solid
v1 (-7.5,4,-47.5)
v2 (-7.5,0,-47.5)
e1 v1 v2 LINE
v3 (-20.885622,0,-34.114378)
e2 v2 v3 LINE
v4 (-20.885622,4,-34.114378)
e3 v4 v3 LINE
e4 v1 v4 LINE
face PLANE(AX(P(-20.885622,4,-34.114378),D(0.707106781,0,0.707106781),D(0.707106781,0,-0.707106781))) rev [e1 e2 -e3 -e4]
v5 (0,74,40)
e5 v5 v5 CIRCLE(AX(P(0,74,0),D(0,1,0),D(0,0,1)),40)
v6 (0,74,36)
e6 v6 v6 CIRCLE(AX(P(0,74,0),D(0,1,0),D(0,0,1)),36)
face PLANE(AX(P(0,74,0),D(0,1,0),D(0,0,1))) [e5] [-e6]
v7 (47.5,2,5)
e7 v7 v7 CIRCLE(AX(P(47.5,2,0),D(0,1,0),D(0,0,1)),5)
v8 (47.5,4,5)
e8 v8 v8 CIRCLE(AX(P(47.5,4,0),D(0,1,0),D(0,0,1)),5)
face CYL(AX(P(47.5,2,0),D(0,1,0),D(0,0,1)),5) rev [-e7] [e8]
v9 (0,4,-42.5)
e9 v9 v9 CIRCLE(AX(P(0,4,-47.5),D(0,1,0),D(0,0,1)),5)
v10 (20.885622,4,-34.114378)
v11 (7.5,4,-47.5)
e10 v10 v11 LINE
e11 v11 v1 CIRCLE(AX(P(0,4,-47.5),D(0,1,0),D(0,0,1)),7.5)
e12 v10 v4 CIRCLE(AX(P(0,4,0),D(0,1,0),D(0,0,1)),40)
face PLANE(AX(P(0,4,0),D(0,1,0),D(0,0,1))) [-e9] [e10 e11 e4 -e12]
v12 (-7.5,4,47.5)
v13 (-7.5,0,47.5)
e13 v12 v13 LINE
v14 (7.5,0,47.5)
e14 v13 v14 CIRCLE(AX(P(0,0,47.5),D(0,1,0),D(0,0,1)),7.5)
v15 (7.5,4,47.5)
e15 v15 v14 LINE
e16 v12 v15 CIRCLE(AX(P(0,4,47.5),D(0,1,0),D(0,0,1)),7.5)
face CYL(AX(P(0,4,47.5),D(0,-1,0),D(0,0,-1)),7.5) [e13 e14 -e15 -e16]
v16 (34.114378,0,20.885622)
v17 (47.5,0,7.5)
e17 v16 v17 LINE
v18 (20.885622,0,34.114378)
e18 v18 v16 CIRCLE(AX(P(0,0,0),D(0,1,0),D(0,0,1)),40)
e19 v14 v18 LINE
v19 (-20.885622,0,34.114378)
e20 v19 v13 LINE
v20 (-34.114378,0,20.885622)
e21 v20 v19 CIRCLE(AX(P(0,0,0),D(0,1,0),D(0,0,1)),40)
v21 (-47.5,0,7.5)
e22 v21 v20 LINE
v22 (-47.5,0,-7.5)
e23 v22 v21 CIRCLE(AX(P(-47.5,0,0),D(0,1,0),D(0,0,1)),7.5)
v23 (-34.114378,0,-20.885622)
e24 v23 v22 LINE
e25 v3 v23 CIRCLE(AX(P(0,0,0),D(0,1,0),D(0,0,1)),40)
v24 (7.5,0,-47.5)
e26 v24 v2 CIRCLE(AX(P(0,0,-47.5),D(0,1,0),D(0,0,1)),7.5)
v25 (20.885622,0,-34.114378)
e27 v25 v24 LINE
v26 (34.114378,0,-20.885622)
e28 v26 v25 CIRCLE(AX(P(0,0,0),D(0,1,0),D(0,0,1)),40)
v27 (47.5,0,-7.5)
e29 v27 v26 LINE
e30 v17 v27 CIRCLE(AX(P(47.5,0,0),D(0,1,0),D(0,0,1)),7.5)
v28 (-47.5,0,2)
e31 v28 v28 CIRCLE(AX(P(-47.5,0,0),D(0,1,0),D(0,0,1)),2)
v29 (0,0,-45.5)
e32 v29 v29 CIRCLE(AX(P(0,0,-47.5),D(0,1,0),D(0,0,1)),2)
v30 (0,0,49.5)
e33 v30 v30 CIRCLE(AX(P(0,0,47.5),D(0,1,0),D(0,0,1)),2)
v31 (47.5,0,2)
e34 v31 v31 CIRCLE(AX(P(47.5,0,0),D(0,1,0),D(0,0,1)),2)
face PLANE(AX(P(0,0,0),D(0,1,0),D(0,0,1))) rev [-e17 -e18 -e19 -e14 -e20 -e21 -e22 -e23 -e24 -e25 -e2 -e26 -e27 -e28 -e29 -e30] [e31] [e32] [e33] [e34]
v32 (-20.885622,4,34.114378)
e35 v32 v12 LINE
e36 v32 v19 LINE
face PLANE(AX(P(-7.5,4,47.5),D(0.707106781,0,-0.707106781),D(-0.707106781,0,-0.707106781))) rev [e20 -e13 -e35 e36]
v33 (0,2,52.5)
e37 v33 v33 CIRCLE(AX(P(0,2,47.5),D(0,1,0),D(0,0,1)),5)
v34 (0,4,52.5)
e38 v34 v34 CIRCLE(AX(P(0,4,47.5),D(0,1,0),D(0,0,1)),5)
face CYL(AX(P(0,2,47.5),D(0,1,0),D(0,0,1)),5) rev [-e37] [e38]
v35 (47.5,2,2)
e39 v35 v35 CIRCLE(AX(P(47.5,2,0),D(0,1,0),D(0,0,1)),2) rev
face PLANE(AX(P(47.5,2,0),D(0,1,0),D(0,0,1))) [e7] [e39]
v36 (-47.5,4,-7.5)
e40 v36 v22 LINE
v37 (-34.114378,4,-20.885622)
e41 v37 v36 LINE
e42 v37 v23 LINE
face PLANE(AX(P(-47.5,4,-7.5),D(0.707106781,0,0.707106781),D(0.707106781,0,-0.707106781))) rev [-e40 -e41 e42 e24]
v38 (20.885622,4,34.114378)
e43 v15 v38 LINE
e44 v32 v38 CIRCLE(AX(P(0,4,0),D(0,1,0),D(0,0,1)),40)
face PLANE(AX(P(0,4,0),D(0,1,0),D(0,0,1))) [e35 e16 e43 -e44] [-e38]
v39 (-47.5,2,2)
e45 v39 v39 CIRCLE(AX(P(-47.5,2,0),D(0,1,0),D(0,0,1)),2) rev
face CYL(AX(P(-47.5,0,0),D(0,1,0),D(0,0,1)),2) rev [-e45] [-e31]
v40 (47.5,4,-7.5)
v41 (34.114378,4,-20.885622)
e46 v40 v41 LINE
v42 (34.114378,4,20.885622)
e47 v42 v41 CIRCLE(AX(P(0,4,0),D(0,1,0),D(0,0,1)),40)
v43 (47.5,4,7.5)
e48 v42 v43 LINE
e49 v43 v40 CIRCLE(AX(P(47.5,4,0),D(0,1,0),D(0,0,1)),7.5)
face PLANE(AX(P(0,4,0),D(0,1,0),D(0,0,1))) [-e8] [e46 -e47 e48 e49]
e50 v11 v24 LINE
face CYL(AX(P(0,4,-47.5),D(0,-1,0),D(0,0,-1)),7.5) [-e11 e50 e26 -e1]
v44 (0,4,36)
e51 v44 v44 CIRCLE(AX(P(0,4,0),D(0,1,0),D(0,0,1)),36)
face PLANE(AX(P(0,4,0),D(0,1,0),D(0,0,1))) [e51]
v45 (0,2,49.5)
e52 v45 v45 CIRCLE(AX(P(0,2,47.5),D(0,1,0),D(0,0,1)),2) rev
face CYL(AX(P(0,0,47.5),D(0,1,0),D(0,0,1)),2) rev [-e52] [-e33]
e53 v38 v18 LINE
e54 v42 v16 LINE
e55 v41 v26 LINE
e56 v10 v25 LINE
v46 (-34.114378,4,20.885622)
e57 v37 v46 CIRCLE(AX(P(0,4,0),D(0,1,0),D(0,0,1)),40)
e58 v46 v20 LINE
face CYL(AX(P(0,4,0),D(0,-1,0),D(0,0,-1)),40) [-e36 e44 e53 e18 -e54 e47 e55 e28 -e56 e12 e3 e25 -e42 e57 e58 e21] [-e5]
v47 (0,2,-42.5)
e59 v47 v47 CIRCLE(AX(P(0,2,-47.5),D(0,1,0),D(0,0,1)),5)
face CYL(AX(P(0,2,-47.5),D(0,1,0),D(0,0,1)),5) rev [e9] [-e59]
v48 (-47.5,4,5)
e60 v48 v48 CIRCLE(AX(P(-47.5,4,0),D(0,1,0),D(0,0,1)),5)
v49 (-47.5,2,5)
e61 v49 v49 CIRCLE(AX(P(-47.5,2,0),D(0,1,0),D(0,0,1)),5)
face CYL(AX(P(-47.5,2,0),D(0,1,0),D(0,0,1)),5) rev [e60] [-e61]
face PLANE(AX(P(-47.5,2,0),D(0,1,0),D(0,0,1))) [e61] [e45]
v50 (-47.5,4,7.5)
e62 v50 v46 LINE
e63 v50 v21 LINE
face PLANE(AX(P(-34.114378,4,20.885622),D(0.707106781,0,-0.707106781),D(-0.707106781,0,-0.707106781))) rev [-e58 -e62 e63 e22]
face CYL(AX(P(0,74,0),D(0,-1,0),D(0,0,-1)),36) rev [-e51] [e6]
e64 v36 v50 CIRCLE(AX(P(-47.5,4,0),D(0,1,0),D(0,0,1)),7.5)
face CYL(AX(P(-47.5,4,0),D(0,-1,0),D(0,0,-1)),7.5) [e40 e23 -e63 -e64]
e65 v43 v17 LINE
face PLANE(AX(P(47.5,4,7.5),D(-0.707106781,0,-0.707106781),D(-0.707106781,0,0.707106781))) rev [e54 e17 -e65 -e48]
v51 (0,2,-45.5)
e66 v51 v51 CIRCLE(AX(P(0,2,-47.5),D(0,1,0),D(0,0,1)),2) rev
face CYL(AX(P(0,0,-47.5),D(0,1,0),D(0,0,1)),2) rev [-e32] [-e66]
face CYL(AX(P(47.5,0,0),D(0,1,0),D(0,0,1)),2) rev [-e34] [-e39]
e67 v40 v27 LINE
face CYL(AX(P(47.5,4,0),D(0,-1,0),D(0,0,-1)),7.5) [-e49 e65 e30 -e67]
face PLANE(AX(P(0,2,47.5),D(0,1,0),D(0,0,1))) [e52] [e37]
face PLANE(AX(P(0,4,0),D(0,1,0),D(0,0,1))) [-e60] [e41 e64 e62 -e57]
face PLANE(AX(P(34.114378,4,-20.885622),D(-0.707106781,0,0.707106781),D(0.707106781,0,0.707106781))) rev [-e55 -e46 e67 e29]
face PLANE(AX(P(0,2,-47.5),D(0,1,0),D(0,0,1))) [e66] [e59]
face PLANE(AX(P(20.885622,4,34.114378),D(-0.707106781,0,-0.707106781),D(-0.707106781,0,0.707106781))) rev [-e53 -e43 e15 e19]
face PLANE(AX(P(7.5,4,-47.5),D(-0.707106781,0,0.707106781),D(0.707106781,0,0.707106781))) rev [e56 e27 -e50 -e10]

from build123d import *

# Parameters (mm, degrees)
BOSS_EXTRUDE1_DEPTH = 4
SKETCH2_R           = 2
CUT_EXTRUDE1_DEPTH  = 4
SKETCH3_R           = 5
CUT_EXTRUDE2_DEPTH  = 2
SKETCH4_R           = 40
SKETCH4_R_2         = 36
BOSS_EXTRUDE2_DEPTH = 70


with BuildPart() as part:
    # Sketch1 → Boss-Extrude1 (new body)
    with BuildSketch(Plane(origin=(0, 0, 0), x_dir=(1, 0, 0), z_dir=(0, 1, 0))):
        with BuildLine():
            Line((-47.5, 7.5), (-34.114378278, 20.885621722))
            ThreePointArc((-34.114378278, 20.885621722), (-28.284271247, 28.284271247), (-20.885621722, 34.114378278))
            Line((-20.885621722, 34.114378278), (-7.5, 47.5))
            ThreePointArc((-7.5, 47.5), (0, 55), (7.5, 47.5))
            Line((7.5, 47.5), (20.885621722, 34.114378278))
            ThreePointArc((20.885621722, 34.114378278), (28.284271247, 28.284271247), (34.114378278, 20.885621722))
            Line((34.114378278, 20.885621722), (47.5, 7.5))
            ThreePointArc((47.5, 7.5), (55, 0), (47.5, -7.5))
            Line((47.5, -7.5), (34.114378278, -20.885621722))
            ThreePointArc((34.114378278, -20.885621722), (28.284271247, -28.284271247), (20.885621722, -34.114378278))
            Line((20.885621722, -34.114378278), (7.5, -47.5))
            ThreePointArc((7.5, -47.5), (0, -55), (-7.5, -47.5))
            Line((-7.5, -47.5), (-20.885621722, -34.114378278))
            ThreePointArc((-20.885621722, -34.114378278), (-28.284271247, -28.284271247), (-34.114378278, -20.885621722))
            Line((-34.114378278, -20.885621722), (-47.5, -7.5))
            ThreePointArc((-47.5, -7.5), (-55, 0), (-47.5, 7.5))
        make_face()
    extrude(amount=BOSS_EXTRUDE1_DEPTH)

    # Sketch2 → Cut-Extrude1 (cut)
    with BuildSketch(Plane(origin=(0, 4, 0), x_dir=(1, 0, 0), z_dir=(0, 1, 0))):
        with Locations(Location((-47.5, 0, 0), (0, 0, 270))):
            Circle(SKETCH2_R)
        with Locations(Location((0, 47.5, 0), (0, 0, 270))):
            Circle(SKETCH2_R)
        with Locations(Location((47.5, 0, 0), (0, 0, 270))):
            Circle(SKETCH2_R)
        with Locations(Location((0, -47.5, 0), (0, 0, 270))):
            Circle(SKETCH2_R)
    extrude(amount=-CUT_EXTRUDE1_DEPTH, mode=Mode.SUBTRACT)

    # Sketch3 → Cut-Extrude2 (cut)
    with BuildSketch(Plane(origin=(0, 4, 0), x_dir=(1, 0, 0), z_dir=(0, 1, 0))):
        with Locations(Location((-47.5, 0, 0), (0, 0, 270))):
            Circle(SKETCH3_R)
        with Locations(Location((0, 47.5, 0), (0, 0, 270))):
            Circle(SKETCH3_R)
        with Locations(Location((47.5, 0, 0), (0, 0, 270))):
            Circle(SKETCH3_R)
        with Locations(Location((0, -47.5, 0), (0, 0, 270))):
            Circle(SKETCH3_R)
    extrude(amount=-CUT_EXTRUDE2_DEPTH, mode=Mode.SUBTRACT)

    # Sketch4 → Boss-Extrude2 (add)
    with BuildSketch(Plane(origin=(0, 4, 0), x_dir=(1, 0, 0), z_dir=(0, 1, 0))):
        with Locations(Location((0, 0, 0), (0, 0, 58.524055273))):
            Circle(SKETCH4_R)
        with Locations(Location((0, 0, 0), (0, 0, 270))):
            Circle(SKETCH4_R_2, mode=Mode.SUBTRACT)
    extrude(amount=BOSS_EXTRUDE2_DEPTH)


solid = part.part
